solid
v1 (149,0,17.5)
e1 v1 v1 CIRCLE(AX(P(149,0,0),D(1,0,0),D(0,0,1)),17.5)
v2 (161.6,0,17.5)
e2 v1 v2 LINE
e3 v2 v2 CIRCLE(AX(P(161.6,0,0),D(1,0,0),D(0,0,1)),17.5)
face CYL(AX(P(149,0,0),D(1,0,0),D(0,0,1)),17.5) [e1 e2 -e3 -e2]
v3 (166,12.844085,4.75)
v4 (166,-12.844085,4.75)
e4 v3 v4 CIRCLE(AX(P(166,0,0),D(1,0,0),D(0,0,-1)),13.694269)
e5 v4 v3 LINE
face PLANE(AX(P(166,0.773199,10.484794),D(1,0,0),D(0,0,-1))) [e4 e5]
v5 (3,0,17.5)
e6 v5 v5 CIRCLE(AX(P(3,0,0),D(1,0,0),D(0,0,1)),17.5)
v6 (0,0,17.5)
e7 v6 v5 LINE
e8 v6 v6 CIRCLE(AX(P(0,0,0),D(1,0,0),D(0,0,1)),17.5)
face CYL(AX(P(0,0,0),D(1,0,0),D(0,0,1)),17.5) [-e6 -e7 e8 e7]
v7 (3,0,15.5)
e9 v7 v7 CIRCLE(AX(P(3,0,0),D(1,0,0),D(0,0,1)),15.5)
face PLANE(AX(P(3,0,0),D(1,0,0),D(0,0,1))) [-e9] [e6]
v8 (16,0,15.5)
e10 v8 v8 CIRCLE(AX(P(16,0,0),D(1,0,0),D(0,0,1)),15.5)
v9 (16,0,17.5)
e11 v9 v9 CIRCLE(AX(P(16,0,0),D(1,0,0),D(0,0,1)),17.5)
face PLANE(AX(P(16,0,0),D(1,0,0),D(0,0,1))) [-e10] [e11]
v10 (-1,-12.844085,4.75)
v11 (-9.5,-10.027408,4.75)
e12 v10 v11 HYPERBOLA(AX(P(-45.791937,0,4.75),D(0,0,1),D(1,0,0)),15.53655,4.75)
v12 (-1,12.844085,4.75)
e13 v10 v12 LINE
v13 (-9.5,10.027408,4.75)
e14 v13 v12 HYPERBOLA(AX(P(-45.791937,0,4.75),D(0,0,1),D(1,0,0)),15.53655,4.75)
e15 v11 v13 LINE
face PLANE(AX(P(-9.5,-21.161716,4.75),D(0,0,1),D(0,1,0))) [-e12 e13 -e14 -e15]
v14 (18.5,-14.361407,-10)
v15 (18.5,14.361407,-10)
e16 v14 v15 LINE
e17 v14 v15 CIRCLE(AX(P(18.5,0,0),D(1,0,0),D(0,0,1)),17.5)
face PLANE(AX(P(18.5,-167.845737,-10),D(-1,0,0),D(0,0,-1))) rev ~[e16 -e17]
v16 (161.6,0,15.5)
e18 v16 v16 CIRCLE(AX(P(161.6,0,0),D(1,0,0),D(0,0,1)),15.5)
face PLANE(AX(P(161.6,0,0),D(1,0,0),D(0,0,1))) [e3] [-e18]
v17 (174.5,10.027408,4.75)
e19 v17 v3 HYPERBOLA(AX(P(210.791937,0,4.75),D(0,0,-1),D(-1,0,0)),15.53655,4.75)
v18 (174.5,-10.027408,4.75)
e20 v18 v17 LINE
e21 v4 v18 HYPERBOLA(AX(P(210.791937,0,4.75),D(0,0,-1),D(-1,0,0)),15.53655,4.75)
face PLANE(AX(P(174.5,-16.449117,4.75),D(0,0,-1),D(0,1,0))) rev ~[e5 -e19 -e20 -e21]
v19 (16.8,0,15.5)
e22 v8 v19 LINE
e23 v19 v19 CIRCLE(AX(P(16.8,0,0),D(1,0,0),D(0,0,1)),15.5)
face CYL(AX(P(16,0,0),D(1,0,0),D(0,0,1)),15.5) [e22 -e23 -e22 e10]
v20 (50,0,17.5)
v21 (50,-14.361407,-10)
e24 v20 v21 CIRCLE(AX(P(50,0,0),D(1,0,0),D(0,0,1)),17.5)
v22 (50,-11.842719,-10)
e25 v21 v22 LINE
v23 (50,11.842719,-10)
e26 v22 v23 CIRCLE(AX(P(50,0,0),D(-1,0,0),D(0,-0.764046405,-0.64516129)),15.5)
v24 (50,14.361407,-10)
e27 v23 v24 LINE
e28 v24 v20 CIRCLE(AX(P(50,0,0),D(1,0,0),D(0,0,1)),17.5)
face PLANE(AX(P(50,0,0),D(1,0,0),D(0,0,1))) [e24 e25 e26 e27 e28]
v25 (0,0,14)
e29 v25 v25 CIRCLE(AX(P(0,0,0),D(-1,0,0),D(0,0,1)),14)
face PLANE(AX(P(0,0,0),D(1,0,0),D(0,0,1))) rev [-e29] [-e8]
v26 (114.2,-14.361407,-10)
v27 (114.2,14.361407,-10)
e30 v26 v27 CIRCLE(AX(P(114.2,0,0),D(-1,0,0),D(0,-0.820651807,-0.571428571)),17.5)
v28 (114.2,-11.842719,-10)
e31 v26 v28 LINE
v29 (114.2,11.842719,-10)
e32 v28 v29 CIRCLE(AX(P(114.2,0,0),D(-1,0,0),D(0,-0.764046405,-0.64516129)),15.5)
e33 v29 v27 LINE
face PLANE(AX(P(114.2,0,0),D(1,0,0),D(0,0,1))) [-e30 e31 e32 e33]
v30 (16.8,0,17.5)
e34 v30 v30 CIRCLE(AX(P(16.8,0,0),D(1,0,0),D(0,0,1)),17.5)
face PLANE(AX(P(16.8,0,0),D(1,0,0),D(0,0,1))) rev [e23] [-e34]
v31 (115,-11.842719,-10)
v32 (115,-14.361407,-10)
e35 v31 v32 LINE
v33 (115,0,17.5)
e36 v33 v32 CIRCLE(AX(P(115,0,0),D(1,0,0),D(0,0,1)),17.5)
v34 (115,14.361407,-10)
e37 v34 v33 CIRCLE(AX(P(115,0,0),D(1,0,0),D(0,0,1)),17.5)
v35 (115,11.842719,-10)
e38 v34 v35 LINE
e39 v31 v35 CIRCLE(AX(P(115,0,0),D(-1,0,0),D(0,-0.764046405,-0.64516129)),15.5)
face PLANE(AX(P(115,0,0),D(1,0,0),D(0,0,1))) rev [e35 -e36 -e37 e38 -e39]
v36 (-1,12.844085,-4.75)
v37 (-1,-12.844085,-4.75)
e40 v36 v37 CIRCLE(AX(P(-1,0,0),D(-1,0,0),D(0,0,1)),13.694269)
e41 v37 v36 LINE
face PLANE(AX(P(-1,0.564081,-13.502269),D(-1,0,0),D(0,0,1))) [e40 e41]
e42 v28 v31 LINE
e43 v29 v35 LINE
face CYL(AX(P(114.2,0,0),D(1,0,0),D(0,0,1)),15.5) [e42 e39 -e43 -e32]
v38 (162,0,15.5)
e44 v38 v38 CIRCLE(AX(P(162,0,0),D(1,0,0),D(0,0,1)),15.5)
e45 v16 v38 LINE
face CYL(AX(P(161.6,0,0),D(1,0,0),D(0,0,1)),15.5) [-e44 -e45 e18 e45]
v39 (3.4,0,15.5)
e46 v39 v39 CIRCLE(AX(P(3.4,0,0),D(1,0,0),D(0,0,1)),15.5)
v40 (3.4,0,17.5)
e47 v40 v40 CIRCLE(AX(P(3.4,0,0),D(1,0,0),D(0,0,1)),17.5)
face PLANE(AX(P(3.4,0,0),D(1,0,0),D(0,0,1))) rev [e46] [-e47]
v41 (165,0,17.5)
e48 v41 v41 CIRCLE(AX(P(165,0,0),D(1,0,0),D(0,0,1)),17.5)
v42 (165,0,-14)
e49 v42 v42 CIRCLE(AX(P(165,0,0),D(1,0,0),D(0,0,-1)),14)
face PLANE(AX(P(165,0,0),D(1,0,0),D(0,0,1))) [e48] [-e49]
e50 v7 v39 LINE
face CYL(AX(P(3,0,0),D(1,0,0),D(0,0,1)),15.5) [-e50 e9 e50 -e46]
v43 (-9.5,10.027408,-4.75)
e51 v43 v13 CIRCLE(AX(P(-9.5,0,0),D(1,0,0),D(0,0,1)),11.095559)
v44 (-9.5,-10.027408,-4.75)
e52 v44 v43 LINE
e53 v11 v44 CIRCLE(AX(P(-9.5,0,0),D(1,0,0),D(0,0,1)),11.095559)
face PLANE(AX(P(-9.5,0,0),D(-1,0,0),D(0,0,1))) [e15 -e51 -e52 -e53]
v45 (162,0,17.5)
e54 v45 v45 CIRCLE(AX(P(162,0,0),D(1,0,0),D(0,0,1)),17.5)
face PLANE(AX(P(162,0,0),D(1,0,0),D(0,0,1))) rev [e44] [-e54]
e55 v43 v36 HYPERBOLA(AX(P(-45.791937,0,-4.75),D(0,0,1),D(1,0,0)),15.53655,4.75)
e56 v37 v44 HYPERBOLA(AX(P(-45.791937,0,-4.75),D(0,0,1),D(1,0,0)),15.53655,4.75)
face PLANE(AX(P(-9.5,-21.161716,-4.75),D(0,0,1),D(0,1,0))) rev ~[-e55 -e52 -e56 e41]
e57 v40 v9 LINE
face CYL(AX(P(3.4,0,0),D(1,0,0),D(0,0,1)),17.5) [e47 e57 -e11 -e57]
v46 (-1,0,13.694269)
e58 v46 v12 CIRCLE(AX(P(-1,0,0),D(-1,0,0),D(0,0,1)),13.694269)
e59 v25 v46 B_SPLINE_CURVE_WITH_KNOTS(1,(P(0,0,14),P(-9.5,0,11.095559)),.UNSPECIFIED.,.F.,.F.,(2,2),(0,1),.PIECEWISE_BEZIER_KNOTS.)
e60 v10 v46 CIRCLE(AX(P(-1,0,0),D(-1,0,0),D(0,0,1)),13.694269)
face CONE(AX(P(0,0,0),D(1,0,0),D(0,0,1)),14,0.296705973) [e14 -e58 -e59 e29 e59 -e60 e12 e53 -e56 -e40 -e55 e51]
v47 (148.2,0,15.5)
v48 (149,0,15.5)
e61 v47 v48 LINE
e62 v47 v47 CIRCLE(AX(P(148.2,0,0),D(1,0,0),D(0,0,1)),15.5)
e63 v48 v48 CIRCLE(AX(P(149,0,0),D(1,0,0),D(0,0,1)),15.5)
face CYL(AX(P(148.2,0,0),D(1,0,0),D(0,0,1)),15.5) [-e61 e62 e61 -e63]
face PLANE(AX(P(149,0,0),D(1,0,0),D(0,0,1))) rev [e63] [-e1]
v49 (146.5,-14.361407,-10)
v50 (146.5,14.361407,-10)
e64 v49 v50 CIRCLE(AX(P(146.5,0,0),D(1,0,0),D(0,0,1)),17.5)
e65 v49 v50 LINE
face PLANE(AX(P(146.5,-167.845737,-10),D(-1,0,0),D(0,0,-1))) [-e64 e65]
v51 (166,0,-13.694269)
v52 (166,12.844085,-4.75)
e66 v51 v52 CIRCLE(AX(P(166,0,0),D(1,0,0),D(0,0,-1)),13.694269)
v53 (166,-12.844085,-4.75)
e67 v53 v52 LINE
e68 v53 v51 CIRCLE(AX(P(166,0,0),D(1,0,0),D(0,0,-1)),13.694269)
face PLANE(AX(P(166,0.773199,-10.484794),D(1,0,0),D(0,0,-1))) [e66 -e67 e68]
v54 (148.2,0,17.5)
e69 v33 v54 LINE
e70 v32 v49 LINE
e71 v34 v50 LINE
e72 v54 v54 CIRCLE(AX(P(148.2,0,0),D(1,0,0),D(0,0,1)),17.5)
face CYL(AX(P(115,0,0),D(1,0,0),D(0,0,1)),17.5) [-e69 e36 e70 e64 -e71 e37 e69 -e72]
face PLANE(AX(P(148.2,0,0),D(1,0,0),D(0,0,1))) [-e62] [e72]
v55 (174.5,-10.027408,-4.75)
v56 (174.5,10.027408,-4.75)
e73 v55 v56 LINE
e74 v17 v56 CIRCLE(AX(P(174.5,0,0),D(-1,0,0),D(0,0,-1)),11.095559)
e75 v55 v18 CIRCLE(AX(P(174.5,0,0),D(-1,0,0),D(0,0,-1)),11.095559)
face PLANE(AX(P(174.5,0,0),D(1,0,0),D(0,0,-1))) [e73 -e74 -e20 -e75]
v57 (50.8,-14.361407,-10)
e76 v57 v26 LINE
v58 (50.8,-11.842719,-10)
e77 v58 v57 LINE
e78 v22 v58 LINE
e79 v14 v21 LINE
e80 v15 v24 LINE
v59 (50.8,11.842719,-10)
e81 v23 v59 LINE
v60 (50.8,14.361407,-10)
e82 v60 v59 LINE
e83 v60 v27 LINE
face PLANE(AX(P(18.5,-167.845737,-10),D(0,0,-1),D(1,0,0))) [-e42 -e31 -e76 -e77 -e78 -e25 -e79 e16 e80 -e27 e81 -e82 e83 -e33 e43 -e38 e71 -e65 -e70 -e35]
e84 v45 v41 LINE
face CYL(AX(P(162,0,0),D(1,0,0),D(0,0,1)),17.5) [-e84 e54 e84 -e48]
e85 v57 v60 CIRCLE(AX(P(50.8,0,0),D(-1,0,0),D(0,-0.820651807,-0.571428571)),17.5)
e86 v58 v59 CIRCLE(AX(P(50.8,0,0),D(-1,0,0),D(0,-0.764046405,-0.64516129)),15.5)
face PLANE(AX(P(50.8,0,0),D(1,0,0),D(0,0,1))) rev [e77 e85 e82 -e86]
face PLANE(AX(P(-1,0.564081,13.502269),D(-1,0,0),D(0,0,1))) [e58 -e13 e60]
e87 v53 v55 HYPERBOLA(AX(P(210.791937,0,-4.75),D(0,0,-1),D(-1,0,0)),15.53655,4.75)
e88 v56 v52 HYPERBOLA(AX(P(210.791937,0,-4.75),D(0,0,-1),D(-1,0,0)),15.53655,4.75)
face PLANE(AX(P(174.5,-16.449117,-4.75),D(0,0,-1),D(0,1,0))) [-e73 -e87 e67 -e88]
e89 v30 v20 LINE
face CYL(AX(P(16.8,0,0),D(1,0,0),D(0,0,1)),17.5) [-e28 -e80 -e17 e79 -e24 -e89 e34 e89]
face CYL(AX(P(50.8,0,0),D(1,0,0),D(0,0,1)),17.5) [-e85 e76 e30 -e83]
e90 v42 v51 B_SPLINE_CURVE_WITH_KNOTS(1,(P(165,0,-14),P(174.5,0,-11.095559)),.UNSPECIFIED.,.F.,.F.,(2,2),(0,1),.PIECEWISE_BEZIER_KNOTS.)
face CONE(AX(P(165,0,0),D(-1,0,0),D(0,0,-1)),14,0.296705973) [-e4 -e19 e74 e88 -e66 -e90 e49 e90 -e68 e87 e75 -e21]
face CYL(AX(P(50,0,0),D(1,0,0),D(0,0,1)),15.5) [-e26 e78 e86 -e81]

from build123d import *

# Parameters (mm, degrees)
CUT_EXTRUDE_1_DEPTH      = 167.845737135
CUT_EXTRUDE_1_DEPTH_BACK = 167.845737135
SKETCH_2_W               = 128
SKETCH_2_H               = 19.899130277
SKETCH_3_R               = 14
EXTRUDE_1_DEPTH          = 9.5
EXTRUDE_1_TAPER          = 17
SKETCH_4_W               = 17.504538799
SKETCH_4_H               = 43.451593783
CUT_EXTRUDE_2_DEPTH      = 8.5
SKETCH_5_R               = 14
EXTRUDE_2_DEPTH          = 9.5
EXTRUDE_2_TAPER          = 17
SKETCH_6_W               = 11.469588706
SKETCH_6_H               = 34.444631615
CUT_EXTRUDE_3_DEPTH      = 8.5


with BuildPart() as part:
    # Эскиз1 → Повернуть1 (revolve)
    with BuildSketch(Plane(origin=(0, 0, 0), x_dir=(1, 0, 0), z_dir=(0, 1, 0))):
        Polygon((0, 0), (0, 17.5), (3, 17.5), (3, 15.5), (3.4, 15.5), (3.4, 17.5), (16, 17.5), (16, 15.5), (16.8, 15.5), (16.8, 17.5), (50, 17.5), (50, 15.5), (50.8, 15.5), (50.8, 17.5), (114.2, 17.5), (114.2, 15.5), (115, 15.5), (115, 17.5), (148.2, 17.5), (148.2, 15.5), (149, 15.5), (149, 17.5), (161.6, 17.5), (161.6, 15.5), (162, 15.5), (162, 17.5), (165, 17.5), (165, 0), align=None)
    revolve(axis=Axis((0, 0, 0), (1, 0, 0)))

    # Эскиз2 → Вырез-Вытянуть1 (cut, two sides: drawn at the far end of the back side and taken through both)
    with BuildSketch(Plane(origin=(0, 0, 0), x_dir=(1, 0, 0), z_dir=(0, 1, 0)).offset(-CUT_EXTRUDE_1_DEPTH_BACK)):
        with Locations((82.5, 19.949565138)):
            Rectangle(SKETCH_2_W, SKETCH_2_H)
    extrude(amount=CUT_EXTRUDE_1_DEPTH + CUT_EXTRUDE_1_DEPTH_BACK, mode=Mode.SUBTRACT)

    # Эскиз3 → Бобышка-Вытянуть1 (add)
    with BuildSketch(Plane.ZY):
        Circle(SKETCH_3_R)
    extrude(amount=EXTRUDE_1_DEPTH, taper=EXTRUDE_1_TAPER)

    # Эскиз4 → Вырез-Вытянуть2 (cut)
    with BuildSketch(Plane.ZY.offset(9.5)):
        with Locations((-13.5022694, 0.56408101)):
            Rectangle(SKETCH_4_W, SKETCH_4_H)
        with Locations((13.5022694, 0.56408101)):
            Rectangle(SKETCH_4_W, SKETCH_4_H)
    extrude(amount=-CUT_EXTRUDE_2_DEPTH, mode=Mode.SUBTRACT)

    # Эскиз5 → Бобышка-Вытянуть2 (add)
    with BuildSketch(Plane(origin=(165, 0, 0), x_dir=(0, 0, -1), z_dir=(1, 0, 0))):
        Circle(SKETCH_5_R)
    extrude(amount=EXTRUDE_2_DEPTH, taper=EXTRUDE_2_TAPER)

    # Эскиз6 → Вырез-Вытянуть3 (cut)
    with BuildSketch(Plane(origin=(174.5, 0, 0), x_dir=(0, 0, -1), z_dir=(1, 0, 0))):
        with Locations((10.484794353, 0.773198928)):
            Rectangle(SKETCH_6_W, SKETCH_6_H)
        with Locations((-10.484794353, 0.773198928)):
            Rectangle(SKETCH_6_W, SKETCH_6_H)
    extrude(amount=-CUT_EXTRUDE_3_DEPTH, mode=Mode.SUBTRACT)


solid = part.part
